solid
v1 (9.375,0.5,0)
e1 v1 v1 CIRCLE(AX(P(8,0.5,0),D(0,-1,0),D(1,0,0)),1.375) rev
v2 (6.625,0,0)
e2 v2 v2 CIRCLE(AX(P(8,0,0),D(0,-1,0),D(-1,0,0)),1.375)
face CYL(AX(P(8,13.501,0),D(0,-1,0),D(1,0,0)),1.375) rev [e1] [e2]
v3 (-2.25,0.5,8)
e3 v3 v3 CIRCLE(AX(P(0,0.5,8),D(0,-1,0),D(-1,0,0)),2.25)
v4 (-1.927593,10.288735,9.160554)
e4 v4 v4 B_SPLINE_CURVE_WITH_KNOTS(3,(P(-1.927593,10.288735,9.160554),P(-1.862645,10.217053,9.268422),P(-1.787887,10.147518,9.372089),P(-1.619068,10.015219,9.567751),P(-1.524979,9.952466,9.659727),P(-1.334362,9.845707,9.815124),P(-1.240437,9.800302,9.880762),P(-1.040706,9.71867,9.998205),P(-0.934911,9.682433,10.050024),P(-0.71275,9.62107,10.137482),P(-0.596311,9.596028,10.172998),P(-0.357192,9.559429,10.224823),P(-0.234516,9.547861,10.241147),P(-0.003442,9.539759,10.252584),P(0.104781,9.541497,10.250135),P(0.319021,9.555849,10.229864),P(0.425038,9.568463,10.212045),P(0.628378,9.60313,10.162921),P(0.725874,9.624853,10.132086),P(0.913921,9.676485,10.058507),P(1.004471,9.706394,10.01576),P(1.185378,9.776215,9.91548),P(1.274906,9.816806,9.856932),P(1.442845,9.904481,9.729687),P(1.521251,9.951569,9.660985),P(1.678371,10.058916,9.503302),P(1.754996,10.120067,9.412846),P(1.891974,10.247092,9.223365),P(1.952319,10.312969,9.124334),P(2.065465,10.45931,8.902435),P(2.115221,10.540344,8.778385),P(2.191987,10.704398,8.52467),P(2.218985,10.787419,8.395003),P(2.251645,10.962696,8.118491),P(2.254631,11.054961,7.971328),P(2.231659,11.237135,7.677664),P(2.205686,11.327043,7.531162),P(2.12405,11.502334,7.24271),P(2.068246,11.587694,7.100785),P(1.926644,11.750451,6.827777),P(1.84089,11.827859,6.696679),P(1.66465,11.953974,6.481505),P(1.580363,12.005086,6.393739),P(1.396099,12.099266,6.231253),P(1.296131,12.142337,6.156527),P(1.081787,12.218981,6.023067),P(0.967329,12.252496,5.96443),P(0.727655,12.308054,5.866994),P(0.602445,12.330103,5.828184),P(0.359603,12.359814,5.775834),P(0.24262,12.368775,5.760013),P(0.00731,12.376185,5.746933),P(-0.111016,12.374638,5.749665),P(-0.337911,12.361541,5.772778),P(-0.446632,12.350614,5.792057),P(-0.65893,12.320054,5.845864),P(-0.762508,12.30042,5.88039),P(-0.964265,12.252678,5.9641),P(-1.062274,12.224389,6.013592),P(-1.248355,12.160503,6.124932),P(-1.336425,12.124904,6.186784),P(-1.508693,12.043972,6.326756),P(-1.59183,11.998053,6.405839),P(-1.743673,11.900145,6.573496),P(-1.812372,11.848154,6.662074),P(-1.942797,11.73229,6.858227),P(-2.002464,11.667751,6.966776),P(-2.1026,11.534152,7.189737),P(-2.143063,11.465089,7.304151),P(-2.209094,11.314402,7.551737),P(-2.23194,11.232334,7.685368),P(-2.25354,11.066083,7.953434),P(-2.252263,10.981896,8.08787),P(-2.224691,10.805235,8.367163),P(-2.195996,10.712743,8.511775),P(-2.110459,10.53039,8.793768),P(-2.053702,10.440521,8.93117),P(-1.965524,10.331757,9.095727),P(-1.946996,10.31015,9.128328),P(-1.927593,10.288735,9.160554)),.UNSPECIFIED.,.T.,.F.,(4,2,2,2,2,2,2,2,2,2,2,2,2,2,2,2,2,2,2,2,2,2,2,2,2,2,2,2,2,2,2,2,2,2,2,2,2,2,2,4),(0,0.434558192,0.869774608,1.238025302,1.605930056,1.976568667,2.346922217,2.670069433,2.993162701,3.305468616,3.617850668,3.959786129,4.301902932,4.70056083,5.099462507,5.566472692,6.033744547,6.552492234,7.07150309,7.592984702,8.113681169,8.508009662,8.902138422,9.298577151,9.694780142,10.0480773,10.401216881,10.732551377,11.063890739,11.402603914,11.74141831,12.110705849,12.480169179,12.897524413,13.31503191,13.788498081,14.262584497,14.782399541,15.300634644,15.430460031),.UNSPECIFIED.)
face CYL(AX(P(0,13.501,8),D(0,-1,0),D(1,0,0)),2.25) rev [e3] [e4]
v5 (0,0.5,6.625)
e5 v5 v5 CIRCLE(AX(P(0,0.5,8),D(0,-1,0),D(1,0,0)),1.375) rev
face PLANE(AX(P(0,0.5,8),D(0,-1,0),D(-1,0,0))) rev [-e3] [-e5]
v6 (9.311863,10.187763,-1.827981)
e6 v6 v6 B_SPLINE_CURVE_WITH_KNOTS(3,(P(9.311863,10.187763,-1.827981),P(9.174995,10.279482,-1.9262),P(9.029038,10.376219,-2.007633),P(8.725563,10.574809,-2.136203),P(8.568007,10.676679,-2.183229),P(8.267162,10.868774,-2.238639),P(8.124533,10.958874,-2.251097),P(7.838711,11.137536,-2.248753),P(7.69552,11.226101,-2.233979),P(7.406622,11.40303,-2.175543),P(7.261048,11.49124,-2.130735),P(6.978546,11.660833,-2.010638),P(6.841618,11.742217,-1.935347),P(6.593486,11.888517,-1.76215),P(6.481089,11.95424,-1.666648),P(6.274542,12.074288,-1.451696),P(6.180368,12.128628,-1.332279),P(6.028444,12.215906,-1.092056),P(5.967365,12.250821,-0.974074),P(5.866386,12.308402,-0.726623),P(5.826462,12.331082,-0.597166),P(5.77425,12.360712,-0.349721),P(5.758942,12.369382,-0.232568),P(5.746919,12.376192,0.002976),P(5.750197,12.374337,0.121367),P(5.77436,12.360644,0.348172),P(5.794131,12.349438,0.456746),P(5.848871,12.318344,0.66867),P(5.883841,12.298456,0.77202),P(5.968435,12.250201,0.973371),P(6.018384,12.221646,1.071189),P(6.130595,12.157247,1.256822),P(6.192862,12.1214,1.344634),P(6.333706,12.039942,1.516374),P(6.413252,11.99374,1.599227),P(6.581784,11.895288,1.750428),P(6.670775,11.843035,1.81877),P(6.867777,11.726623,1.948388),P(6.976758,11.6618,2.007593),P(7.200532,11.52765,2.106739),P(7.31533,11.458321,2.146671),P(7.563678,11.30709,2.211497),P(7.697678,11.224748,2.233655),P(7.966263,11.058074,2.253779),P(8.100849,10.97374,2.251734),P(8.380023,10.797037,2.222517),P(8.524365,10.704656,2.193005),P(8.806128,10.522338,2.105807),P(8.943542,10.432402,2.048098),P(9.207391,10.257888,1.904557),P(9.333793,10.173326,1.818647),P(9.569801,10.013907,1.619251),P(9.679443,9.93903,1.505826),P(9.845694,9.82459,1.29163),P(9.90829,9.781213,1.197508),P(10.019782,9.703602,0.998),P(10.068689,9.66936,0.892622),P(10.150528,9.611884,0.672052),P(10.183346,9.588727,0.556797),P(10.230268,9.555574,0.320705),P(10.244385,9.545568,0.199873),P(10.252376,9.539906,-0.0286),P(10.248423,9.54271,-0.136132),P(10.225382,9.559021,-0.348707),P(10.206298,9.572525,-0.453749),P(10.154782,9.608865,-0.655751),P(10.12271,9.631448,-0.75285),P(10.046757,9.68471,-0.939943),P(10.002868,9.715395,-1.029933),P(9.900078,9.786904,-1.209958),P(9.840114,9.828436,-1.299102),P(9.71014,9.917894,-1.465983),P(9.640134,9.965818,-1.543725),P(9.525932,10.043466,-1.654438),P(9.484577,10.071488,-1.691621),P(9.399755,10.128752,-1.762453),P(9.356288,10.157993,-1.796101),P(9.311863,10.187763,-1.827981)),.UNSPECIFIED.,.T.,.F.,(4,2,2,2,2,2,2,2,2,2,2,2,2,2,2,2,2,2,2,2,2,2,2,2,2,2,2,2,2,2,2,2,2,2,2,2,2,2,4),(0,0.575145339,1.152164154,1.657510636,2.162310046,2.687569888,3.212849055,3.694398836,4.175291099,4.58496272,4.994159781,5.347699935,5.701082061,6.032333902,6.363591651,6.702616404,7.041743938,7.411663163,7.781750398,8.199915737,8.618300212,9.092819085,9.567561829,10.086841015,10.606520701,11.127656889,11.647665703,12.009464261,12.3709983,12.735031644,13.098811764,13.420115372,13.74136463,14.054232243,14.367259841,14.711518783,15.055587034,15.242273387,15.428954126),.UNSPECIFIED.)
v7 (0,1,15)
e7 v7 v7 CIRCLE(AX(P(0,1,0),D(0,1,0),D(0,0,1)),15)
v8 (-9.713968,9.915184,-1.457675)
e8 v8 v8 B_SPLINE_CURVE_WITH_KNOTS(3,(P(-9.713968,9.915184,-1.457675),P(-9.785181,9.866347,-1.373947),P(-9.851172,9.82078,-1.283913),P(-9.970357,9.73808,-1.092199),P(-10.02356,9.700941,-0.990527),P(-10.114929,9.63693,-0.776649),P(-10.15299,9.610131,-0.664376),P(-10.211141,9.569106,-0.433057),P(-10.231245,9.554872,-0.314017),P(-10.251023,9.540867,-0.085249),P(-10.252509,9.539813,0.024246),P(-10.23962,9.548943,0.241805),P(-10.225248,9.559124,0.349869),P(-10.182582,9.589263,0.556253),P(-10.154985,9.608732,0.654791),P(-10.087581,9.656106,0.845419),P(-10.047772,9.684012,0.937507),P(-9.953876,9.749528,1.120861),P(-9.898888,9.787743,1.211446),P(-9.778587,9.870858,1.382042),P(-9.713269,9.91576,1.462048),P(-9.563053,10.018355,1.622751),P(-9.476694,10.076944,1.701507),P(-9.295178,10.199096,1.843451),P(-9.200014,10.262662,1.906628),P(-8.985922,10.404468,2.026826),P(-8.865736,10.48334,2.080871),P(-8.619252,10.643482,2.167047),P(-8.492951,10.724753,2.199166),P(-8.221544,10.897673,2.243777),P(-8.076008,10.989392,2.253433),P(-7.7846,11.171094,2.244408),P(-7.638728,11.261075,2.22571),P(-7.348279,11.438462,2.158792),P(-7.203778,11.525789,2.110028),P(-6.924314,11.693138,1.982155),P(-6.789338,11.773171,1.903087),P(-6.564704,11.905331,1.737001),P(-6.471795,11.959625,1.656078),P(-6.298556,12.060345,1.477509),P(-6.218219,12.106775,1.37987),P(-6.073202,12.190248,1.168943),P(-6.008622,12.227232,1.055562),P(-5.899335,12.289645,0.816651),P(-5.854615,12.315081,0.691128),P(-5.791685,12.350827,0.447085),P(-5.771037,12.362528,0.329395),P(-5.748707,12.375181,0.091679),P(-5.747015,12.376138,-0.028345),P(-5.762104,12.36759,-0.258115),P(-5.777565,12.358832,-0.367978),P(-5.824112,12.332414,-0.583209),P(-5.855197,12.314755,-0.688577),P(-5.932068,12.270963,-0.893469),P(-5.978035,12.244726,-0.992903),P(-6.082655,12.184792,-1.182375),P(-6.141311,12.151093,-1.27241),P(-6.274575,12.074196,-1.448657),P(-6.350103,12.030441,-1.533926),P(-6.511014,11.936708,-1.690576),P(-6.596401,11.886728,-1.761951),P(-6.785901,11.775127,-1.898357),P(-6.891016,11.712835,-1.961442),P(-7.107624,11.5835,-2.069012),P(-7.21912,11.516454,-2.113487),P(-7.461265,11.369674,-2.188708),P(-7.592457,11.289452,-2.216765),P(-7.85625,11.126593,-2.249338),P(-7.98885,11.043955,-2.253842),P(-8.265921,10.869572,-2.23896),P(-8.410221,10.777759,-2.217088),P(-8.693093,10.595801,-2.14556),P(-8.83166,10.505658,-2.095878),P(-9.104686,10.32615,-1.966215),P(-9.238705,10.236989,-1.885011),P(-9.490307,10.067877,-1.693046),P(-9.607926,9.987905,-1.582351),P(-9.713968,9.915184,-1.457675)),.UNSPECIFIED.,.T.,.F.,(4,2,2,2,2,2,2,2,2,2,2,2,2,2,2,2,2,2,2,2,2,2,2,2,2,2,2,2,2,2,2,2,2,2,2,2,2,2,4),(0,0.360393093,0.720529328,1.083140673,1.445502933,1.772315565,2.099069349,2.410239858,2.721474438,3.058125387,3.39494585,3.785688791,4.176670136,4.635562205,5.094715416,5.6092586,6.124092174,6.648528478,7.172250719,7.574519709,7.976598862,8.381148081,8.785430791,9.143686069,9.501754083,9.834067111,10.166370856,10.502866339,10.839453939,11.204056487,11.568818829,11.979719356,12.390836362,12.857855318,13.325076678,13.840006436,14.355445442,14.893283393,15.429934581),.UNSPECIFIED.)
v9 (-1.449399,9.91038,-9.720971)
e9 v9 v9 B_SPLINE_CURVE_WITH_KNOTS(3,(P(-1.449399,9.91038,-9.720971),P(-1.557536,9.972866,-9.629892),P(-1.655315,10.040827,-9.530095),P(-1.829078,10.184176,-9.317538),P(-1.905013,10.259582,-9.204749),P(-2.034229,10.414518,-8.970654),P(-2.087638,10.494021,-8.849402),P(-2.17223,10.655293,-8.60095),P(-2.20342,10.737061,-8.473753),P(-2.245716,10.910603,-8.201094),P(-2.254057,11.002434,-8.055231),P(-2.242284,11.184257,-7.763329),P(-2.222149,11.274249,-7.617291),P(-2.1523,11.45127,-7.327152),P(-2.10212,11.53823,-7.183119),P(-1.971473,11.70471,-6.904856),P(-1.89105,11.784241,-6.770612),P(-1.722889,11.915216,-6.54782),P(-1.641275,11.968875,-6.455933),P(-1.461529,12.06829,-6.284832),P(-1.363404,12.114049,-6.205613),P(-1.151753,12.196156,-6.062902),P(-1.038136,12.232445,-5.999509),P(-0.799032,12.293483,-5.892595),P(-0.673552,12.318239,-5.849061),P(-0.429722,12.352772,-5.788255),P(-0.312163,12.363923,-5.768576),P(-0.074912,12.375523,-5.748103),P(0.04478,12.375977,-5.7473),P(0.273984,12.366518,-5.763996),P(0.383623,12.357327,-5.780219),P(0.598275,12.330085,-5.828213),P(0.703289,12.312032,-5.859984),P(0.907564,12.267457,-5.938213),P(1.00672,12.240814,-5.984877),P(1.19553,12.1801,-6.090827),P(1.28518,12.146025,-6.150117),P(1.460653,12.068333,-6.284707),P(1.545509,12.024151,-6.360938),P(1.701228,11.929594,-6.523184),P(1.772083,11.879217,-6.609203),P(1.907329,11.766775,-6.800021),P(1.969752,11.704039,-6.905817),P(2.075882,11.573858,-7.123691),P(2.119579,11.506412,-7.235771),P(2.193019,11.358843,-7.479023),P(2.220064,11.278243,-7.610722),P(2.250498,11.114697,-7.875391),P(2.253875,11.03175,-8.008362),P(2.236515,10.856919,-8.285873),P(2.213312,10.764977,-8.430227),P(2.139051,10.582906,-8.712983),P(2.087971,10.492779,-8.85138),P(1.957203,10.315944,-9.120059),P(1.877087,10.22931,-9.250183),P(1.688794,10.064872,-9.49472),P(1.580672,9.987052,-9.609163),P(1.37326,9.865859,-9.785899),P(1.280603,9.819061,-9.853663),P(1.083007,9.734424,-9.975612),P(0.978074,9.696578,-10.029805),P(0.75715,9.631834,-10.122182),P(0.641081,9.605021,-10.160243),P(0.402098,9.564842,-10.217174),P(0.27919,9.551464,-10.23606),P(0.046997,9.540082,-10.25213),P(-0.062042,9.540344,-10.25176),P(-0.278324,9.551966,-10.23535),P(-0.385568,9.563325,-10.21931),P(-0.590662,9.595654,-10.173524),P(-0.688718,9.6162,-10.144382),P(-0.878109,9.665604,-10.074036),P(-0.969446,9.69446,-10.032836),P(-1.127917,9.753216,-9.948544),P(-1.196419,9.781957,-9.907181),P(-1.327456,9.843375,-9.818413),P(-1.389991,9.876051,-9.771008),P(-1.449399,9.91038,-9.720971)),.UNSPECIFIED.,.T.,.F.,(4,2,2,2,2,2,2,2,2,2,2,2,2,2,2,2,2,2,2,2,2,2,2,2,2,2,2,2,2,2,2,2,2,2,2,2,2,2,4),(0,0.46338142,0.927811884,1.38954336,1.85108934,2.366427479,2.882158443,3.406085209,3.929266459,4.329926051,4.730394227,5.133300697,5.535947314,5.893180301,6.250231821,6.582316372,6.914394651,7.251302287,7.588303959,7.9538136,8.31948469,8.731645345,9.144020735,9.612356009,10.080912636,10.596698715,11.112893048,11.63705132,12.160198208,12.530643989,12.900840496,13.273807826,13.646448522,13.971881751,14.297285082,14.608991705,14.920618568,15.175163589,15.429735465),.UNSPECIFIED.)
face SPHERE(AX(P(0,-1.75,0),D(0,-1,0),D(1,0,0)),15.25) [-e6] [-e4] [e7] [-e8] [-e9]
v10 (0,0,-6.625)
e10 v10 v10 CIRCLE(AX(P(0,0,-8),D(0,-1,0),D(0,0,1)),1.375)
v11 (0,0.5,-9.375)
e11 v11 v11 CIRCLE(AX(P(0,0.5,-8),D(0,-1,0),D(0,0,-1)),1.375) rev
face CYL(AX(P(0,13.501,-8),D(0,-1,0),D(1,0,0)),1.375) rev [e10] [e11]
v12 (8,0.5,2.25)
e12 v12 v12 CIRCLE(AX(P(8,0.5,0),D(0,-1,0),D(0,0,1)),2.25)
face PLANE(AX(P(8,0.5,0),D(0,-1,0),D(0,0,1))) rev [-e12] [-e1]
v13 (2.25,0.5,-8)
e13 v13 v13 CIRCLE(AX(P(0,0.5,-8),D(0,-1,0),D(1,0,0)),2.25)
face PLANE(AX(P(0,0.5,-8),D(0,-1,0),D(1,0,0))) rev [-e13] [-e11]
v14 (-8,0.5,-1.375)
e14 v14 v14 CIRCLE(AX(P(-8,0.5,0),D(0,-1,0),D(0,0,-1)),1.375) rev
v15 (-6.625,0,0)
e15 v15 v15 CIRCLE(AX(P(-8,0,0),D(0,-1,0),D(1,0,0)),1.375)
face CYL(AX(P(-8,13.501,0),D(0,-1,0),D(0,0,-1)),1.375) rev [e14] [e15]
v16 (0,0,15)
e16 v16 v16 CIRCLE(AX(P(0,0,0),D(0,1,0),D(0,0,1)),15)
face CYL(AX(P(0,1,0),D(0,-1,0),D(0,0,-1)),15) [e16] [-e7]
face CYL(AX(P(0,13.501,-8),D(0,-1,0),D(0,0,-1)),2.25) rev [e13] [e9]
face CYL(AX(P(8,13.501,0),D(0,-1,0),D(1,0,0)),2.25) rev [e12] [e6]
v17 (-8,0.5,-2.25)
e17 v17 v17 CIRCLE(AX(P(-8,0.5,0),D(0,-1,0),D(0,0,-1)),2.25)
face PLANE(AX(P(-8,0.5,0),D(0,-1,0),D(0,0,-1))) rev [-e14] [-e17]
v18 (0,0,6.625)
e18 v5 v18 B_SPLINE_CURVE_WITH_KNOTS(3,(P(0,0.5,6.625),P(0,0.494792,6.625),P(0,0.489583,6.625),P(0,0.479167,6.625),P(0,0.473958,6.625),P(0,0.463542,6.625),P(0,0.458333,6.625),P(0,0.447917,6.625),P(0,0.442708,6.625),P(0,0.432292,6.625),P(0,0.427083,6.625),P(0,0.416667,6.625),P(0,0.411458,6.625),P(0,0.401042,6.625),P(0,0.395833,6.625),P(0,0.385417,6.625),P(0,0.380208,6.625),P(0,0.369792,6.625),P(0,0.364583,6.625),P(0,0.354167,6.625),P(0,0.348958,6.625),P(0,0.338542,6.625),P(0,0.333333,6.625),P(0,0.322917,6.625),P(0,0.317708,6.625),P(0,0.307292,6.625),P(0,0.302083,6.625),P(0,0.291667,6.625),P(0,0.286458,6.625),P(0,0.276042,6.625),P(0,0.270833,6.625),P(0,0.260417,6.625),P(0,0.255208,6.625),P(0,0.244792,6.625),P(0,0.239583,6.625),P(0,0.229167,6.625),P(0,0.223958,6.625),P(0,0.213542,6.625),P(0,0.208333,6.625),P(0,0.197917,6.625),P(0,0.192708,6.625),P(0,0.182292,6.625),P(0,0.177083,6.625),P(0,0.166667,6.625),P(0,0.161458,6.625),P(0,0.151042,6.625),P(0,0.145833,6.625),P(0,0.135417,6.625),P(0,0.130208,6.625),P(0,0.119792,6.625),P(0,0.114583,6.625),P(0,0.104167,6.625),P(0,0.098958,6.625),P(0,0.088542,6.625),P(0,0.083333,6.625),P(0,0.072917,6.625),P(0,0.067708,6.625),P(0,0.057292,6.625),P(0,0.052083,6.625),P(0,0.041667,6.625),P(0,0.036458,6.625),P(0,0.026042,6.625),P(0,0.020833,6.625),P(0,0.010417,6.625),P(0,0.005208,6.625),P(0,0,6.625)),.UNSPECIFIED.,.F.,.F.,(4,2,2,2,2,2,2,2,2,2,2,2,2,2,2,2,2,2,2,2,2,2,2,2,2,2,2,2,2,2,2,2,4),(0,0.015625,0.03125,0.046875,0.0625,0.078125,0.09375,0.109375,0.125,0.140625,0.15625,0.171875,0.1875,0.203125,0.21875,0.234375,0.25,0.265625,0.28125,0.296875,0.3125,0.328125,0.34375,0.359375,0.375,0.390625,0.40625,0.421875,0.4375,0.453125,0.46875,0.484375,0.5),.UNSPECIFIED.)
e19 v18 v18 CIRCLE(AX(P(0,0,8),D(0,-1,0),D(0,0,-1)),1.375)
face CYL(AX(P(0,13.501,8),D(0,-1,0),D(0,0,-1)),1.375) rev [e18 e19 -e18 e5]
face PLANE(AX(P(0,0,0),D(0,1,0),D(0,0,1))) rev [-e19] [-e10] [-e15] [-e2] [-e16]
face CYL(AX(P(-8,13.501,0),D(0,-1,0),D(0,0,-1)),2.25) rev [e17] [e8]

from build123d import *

# Parameters (mm, degrees)
SKETCH1_R               = 15
BOSS_EXTRUDE1_DEPTH     = 1
CUT_EXTRUDE1_REACH      = 27.145
CUT_EXTRUDE1_END_RADIUS = 15.25
SKETCH3_R               = 1.375
CIRPATTERN1_COUNT       = 4
CUT_EXTRUDE2_REACH      = 27.645
CUT_EXTRUDE2_END_RADIUS = 15.25
CUT_EXTRUDE2_START      = -0.5
SKETCH8_R               = 2.25
CIRPATTERN2_COUNT       = 4


with BuildPart() as part:
    # Sketch1 → Boss-Extrude1 (new body)
    with BuildSketch(Plane(origin=(0, 0, 0), x_dir=(1, 0, 0), z_dir=(0, 1, 0))):
        with Locations(Location((0, 0, 0), (0, 0, 270))):
            Circle(SKETCH1_R)
    extrude(amount=BOSS_EXTRUDE1_DEPTH)

    # Sketch2 → Revolve1 (revolve)
    with BuildSketch(Plane.XY, mode=Mode.PRIVATE) as revolve1_sk:
        with BuildLine():
            Line((0, 1), (-15, 1))
            ThreePointArc((-15, 1), (-9.762812095, 9.965374514), (0, 13.5))
            Line((0, 13.5), (0, 1))
        make_face()
    revolve(revolve1_sk.sketch.rotate(Axis((0, 1, 0), (0, 1, 0)), 180), axis=Axis((0, 1, 0), (0, 1, 0)))

    # Cut-Extrude1: up to this sphere (the profile starts inside it)
    cut_extrude1_end = Location((0, -1.75, 0)) * Sphere(CUT_EXTRUDE1_END_RADIUS, mode=Mode.PRIVATE)
    # Sketch3 → Cut-Extrude1 (cut, up to the surface)
    with BuildSketch(Plane.XZ, mode=Mode.PRIVATE) as cut_extrude1_sk1:
        with Locations(Location((0, 8, 0), (0, 0, 270))):
            Circle(SKETCH3_R)
    cut_extrude1_tool1 = extrude(cut_extrude1_sk1.sketch, amount=-CUT_EXTRUDE1_REACH, mode=Mode.PRIVATE) & cut_extrude1_end
    cut_extrude1 = cut_extrude1_tool1.solids().sort_by_distance((0, 0, 8))[0]
    add(cut_extrude1, mode=Mode.SUBTRACT)

    # CirPattern1: Cut-Extrude1 ×4 about axis
    cirpattern1_axis = Axis((0, 0, 0), (0, 1, 0))
    for i in range(1, CIRPATTERN1_COUNT):
        add(cut_extrude1.rotate(cirpattern1_axis, i * 360 / CIRPATTERN1_COUNT), mode=Mode.SUBTRACT)

    # Cut-Extrude2: up to this sphere (the profile starts inside it)
    cut_extrude2_end = Location((0, -1.75, 0)) * Sphere(CUT_EXTRUDE2_END_RADIUS, mode=Mode.PRIVATE)
    # Sketch8 → Cut-Extrude2 (cut, up to the surface)
    with BuildSketch(Plane.XZ.offset(CUT_EXTRUDE2_START), mode=Mode.PRIVATE) as cut_extrude2_sk1:
        with Locations(Location((-8, 0, 0), (0, 0, 270))):
            Circle(SKETCH8_R)
    cut_extrude2_tool1 = extrude(cut_extrude2_sk1.sketch, amount=-CUT_EXTRUDE2_REACH, mode=Mode.PRIVATE) & cut_extrude2_end
    cut_extrude2 = cut_extrude2_tool1.solids().sort_by_distance((-8, 0.5, 0))[0]
    add(cut_extrude2, mode=Mode.SUBTRACT)

    # CirPattern2: Cut-Extrude2 ×4 about axis
    cirpattern2_axis = Axis((0, 0, 0), (0, 1, 0))
    for i in range(1, CIRPATTERN2_COUNT):
        add(cut_extrude2.rotate(cirpattern2_axis, i * 360 / CIRPATTERN2_COUNT), mode=Mode.SUBTRACT)


solid = part.part
